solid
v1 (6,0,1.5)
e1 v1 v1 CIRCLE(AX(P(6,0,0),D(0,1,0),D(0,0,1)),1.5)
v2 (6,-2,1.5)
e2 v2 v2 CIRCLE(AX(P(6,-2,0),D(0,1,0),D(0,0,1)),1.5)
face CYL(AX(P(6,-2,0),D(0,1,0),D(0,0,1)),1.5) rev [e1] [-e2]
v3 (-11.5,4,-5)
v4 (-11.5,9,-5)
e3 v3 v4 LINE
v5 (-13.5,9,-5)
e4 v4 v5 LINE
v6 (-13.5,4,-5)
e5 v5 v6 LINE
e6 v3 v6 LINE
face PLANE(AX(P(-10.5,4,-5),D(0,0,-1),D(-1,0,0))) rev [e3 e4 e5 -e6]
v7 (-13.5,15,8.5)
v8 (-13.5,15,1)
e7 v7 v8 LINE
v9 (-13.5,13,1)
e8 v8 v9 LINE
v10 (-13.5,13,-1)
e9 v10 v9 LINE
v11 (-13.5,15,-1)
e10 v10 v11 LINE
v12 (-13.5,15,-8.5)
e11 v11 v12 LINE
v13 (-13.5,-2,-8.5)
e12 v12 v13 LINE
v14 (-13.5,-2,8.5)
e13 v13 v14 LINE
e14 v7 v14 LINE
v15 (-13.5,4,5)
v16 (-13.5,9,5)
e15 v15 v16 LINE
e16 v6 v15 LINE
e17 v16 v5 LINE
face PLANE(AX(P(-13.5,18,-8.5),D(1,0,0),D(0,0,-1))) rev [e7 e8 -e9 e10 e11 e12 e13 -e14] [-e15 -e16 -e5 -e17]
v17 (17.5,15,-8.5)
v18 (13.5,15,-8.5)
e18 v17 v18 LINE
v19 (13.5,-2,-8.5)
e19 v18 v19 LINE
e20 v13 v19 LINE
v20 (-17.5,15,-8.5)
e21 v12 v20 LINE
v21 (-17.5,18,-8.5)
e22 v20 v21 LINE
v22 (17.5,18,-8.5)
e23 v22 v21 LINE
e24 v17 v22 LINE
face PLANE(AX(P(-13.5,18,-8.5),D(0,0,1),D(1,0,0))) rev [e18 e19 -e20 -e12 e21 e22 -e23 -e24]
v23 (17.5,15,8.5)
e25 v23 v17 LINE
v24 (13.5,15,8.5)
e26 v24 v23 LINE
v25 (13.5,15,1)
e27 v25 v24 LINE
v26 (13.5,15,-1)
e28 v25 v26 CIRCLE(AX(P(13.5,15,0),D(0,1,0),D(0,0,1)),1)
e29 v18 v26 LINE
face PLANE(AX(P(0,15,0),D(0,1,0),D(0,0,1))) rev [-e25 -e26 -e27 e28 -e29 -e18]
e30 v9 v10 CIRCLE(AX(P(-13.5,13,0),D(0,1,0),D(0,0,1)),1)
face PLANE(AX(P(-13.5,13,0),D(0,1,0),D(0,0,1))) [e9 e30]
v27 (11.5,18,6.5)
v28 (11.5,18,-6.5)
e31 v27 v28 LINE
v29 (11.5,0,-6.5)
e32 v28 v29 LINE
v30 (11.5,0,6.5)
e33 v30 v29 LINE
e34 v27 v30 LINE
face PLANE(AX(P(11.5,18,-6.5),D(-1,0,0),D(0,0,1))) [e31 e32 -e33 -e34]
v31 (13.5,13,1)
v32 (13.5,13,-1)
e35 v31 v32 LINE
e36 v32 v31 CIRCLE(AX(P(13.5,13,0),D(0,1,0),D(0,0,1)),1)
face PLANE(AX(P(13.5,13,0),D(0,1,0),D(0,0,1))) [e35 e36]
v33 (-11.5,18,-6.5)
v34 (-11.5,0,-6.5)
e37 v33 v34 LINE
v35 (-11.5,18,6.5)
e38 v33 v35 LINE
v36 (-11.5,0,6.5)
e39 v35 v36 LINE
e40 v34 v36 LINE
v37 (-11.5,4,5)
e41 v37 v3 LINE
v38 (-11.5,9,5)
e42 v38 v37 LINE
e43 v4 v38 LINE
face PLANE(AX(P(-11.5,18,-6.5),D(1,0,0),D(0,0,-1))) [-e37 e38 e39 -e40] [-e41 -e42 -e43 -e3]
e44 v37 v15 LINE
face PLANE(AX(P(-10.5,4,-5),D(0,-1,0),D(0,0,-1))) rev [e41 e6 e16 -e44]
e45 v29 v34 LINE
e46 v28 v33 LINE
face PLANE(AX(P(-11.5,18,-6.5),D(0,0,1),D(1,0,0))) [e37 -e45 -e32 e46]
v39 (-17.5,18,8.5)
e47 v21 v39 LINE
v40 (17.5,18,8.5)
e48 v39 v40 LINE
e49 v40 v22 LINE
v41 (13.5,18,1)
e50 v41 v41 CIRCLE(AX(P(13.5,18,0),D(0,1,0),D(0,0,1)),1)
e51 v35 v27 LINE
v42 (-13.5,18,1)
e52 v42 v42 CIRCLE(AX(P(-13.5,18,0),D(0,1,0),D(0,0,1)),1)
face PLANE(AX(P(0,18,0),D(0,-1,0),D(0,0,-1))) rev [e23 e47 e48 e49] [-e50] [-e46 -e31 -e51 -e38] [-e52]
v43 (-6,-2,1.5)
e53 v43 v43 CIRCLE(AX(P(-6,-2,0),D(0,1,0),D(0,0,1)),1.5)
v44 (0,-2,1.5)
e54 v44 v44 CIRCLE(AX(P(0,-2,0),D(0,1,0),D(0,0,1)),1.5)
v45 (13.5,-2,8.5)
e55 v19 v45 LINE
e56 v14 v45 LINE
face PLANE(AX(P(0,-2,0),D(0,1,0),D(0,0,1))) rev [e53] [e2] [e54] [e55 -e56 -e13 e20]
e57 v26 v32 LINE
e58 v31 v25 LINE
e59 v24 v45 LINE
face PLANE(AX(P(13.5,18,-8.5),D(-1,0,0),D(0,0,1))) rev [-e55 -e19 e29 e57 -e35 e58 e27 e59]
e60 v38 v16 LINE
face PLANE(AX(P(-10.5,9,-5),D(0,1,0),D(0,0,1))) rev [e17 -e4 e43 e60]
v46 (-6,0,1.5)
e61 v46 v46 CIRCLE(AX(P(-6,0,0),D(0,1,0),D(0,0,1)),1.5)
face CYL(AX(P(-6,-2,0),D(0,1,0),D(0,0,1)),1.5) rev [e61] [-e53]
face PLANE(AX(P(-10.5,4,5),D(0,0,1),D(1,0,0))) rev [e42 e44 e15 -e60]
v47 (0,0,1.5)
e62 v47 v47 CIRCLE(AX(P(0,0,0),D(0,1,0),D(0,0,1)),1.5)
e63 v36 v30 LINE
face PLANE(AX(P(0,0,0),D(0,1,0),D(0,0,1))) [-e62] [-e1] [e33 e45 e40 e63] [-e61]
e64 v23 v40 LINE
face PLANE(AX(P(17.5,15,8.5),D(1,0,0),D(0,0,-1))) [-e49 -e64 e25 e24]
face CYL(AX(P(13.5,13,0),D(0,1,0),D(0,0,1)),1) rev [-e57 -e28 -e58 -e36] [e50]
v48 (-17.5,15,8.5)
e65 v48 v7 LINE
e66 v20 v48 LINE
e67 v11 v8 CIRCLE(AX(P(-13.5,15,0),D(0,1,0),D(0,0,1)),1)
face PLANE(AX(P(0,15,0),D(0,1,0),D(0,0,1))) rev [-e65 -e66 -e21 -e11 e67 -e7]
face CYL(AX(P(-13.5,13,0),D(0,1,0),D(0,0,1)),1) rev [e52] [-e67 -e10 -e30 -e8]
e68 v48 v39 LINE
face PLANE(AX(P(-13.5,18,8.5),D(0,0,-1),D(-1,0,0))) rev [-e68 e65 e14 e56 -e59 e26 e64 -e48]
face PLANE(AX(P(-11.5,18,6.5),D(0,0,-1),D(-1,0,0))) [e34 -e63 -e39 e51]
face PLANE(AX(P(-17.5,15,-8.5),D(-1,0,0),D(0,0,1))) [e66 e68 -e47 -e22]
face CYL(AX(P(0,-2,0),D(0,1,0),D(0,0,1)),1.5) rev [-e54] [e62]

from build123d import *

# Parameters (mm, degrees)
SKETCH1_W           = 27
SKETCH1_H           = 17
SKETCH1_W_2         = 23
SKETCH1_H_2         = 13
BOSS_EXTRUDE1_DEPTH = 18
SKETCH1_2_W         = 27
SKETCH1_2_H         = 17
BOSS_EXTRUDE2_DEPTH = 2
SKETCH2_R           = 1.5
CUT_EXTRUDE1_DEPTH  = 2
SKETCH3_W           = 10
SKETCH3_H           = 5
CUT_EXTRUDE2_DEPTH  = 3
SKETCH4_W           = 4
SKETCH4_H           = 17
BOSS_EXTRUDE3_DEPTH = 3
SKETCH5_R           = 1
CUT_EXTRUDE3_DEPTH  = 5


with BuildPart() as part:
    # Sketch1 → Boss-Extrude1 (new body)
    with BuildSketch(Plane(origin=(0, 0, 0), x_dir=(1, 0, 0), z_dir=(0, 1, 0))):
        Rectangle(SKETCH1_W, SKETCH1_H)
        Rectangle(SKETCH1_W_2, SKETCH1_H_2, mode=Mode.SUBTRACT)
    extrude(amount=BOSS_EXTRUDE1_DEPTH)

    # Sketch1<2> → Boss-Extrude2 (add)
    with BuildSketch(Plane(origin=(0, 0, 0), x_dir=(1, 0, 0), z_dir=(0, 1, 0))):
        Rectangle(SKETCH1_2_W, SKETCH1_2_H)
    extrude(amount=-BOSS_EXTRUDE2_DEPTH)

    # Sketch2 → Cut-Extrude1 (cut)
    with BuildSketch(Plane(origin=(0, 0, 0), x_dir=(1, 0, 0), z_dir=(0, 1, 0))):
        with Locations((-6, 0)):
            Circle(SKETCH2_R)
        Circle(SKETCH2_R)
        with Locations((6, 0)):
            Circle(SKETCH2_R)
    extrude(amount=-CUT_EXTRUDE1_DEPTH, mode=Mode.SUBTRACT)

    # Sketch3 → Cut-Extrude2 (cut)
    with BuildSketch(Plane.ZY.offset(13.5)):
        with Locations((0, 6.5)):
            Rectangle(SKETCH3_W, SKETCH3_H)
    extrude(amount=-CUT_EXTRUDE2_DEPTH, mode=Mode.SUBTRACT)

    # Sketch4 → Boss-Extrude3 (add)
    with BuildSketch(Plane(origin=(0, 18, 0), x_dir=(1, 0, 0), z_dir=(0, 1, 0))):
        with Locations((15.5, 0)):
            Rectangle(SKETCH4_W, SKETCH4_H)
        with Locations((-15.5, 0)):
            Rectangle(SKETCH4_W, SKETCH4_H)
    extrude(amount=-BOSS_EXTRUDE3_DEPTH)

    # Sketch5 → Cut-Extrude3 (cut)
    with BuildSketch(Plane(origin=(0, 18, 0), x_dir=(1, 0, 0), z_dir=(0, 1, 0))):
        with Locations((-13.5, 0)):
            Circle(SKETCH5_R)
        with Locations((13.5, 0)):
            Circle(SKETCH5_R)
    extrude(amount=-CUT_EXTRUDE3_DEPTH, mode=Mode.SUBTRACT)


solid = part.part
